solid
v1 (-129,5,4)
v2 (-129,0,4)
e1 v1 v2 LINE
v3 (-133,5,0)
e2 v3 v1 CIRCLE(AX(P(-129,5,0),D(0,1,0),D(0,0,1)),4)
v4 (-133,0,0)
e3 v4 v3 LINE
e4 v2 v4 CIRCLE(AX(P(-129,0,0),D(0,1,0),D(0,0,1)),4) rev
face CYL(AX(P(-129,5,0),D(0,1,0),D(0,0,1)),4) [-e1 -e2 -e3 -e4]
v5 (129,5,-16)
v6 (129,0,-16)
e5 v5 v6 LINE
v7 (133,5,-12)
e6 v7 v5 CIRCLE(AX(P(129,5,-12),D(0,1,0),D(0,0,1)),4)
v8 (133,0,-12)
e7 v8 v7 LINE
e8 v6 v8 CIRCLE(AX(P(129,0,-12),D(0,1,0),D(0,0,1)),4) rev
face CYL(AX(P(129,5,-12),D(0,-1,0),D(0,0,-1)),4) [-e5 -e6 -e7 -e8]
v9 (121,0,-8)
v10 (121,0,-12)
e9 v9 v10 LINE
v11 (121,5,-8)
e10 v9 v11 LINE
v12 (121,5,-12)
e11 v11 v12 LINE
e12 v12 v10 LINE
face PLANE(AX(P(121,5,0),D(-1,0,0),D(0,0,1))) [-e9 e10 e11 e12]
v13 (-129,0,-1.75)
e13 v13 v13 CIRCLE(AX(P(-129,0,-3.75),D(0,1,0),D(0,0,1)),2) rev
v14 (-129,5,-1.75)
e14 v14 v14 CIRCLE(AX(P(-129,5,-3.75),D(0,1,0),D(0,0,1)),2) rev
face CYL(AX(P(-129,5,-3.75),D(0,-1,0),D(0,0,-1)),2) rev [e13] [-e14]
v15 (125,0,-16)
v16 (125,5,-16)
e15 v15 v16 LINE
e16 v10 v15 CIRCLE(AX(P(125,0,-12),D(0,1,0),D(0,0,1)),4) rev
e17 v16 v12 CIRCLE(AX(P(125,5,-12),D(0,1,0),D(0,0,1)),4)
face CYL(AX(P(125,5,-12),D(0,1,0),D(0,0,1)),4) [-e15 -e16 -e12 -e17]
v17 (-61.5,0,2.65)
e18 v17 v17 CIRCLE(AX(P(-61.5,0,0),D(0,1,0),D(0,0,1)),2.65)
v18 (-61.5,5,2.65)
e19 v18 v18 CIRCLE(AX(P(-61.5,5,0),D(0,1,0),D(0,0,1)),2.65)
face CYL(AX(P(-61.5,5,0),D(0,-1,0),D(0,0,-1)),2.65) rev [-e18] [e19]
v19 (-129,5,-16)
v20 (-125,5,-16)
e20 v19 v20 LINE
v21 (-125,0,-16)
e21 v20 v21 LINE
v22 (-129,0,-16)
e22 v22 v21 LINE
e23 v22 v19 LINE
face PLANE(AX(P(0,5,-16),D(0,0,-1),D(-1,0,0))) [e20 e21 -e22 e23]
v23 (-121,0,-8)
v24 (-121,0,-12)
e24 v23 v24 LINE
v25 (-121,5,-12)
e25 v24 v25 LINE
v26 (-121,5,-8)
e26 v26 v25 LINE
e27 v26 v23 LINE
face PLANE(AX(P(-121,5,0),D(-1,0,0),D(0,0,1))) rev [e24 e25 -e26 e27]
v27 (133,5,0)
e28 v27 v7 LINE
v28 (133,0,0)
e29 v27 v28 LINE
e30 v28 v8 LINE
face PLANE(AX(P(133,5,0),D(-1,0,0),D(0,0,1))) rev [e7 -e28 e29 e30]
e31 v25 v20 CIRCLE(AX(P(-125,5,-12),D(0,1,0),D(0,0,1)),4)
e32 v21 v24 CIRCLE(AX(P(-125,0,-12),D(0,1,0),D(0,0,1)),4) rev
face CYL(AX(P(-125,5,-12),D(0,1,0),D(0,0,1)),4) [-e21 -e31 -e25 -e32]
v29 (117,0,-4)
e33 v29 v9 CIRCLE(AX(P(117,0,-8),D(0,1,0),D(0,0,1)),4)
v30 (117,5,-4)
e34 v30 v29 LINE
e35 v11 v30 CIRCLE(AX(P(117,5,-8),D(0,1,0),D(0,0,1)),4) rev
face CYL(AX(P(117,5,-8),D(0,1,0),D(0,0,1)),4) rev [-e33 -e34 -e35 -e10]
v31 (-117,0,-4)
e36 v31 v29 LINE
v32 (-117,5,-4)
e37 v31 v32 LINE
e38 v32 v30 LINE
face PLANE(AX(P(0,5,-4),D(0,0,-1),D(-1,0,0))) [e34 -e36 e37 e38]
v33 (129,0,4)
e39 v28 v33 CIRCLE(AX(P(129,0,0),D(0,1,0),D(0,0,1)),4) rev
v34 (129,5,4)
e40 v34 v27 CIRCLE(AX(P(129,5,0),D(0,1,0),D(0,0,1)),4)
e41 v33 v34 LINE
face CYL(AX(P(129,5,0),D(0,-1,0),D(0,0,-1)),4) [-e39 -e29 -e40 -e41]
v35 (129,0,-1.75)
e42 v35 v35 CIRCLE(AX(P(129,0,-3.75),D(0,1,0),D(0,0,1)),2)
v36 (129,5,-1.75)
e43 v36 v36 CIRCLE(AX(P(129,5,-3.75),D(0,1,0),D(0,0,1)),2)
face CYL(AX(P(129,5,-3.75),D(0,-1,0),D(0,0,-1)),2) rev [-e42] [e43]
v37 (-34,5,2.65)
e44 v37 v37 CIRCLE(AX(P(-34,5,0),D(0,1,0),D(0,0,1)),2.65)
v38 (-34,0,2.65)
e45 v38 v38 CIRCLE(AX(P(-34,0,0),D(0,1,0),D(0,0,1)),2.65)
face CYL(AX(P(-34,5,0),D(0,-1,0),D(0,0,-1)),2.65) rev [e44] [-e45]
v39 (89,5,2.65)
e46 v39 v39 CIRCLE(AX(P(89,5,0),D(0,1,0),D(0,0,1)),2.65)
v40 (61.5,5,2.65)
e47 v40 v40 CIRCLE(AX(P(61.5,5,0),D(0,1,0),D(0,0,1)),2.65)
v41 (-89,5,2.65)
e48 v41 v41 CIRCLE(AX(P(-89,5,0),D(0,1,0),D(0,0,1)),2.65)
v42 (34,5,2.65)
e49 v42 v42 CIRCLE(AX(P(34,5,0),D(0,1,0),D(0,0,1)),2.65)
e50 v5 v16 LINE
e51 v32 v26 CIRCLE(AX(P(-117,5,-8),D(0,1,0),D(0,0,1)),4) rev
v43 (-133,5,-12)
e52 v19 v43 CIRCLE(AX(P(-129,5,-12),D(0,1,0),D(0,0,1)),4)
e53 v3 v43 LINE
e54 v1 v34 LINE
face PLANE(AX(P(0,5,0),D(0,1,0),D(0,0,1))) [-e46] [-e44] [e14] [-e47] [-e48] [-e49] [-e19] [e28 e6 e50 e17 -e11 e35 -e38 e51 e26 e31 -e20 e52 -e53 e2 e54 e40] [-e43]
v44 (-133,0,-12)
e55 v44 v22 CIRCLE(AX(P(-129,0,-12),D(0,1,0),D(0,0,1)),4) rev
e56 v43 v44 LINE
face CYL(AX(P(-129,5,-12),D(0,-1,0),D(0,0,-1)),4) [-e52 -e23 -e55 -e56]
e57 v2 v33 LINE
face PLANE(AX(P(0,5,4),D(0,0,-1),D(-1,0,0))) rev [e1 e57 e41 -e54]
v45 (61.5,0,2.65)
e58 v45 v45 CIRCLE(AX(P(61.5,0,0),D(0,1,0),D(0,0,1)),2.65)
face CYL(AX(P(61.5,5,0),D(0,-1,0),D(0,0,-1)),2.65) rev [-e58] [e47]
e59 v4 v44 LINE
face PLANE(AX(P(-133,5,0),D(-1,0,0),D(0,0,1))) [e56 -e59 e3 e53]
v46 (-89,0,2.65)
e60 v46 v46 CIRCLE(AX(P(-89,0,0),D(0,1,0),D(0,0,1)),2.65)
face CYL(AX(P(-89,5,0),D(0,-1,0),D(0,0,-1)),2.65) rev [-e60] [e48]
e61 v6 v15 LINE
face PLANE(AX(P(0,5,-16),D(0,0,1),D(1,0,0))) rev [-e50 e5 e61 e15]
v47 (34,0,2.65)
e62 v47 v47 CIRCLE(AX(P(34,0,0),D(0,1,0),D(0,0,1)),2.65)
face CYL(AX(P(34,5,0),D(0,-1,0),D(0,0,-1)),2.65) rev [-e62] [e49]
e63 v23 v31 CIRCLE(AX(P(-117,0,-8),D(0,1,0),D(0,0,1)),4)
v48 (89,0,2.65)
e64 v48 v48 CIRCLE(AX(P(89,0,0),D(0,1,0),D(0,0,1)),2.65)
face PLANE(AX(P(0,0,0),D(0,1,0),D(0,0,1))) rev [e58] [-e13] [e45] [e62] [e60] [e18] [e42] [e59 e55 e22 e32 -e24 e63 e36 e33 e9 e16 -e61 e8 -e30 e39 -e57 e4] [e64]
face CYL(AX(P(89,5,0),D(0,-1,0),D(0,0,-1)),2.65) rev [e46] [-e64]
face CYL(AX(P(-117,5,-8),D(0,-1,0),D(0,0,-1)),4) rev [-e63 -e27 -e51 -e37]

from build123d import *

# Parameters (mm, degrees)
SKETCH_1_R      = 2
SKETCH_1_R_2    = 2.65
EXTRUDE_1_DEPTH = 5
FILLET_1_R      = 4


with BuildPart() as part:
    # 草图1 → 凸台-拉伸1 (new body)
    with BuildSketch(Plane(origin=(0, 0, 0), x_dir=(1, 0, 0), z_dir=(0, 1, 0))):
        Polygon((-133, -4), (133, -4), (133, 16), (121, 16), (121, 4), (-121, 4), (-121, 16), (-133, 16), align=None)
        with Locations((129, 3.75)):
            Circle(SKETCH_1_R, mode=Mode.SUBTRACT)
        with Locations((-89, 0)):
            Circle(SKETCH_1_R_2, mode=Mode.SUBTRACT)
        with BuildLine():
            ThreePointArc((-58.85, 0), (-61.5, -2.65), (-64.15, 0))
            ThreePointArc((-64.15, 0), (-61.5, 2.65), (-58.85, 0))
        make_face(mode=Mode.SUBTRACT)
        with BuildLine():
            ThreePointArc((-31.35, 0), (-34, -2.65), (-36.65, 0))
            ThreePointArc((-36.65, 0), (-34, 2.65), (-31.35, 0))
        make_face(mode=Mode.SUBTRACT)
        with BuildLine():
            ThreePointArc((36.65, 0), (34, -2.65), (31.35, 0))
            ThreePointArc((31.35, 0), (34, 2.65), (36.65, 0))
        make_face(mode=Mode.SUBTRACT)
        with BuildLine():
            ThreePointArc((64.15, 0), (61.5, -2.65), (58.85, 0))
            ThreePointArc((58.85, 0), (61.5, 2.65), (64.15, 0))
        make_face(mode=Mode.SUBTRACT)
        with Locations((89, 0)):
            Circle(SKETCH_1_R_2, mode=Mode.SUBTRACT)
        with Locations((-129, 3.75)):
            Circle(SKETCH_1_R, mode=Mode.SUBTRACT)
    extrude(amount=EXTRUDE_1_DEPTH)

    # 圆角1
    fillet_1_edges = [part.edges().sort_by_distance(p)[0] for p in [
        (-133, 2.5, -16),
        (-121, 2.5, -16),
        (-121, 2.5, -4),
        (121, 2.5, -4),
        (121, 2.5, -16),
        (133, 2.5, -16),
        (133, 2.5, 4),
        (-133, 2.5, 4),
    ]]
    fillet(fillet_1_edges, radius=FILLET_1_R)


solid = part.part
